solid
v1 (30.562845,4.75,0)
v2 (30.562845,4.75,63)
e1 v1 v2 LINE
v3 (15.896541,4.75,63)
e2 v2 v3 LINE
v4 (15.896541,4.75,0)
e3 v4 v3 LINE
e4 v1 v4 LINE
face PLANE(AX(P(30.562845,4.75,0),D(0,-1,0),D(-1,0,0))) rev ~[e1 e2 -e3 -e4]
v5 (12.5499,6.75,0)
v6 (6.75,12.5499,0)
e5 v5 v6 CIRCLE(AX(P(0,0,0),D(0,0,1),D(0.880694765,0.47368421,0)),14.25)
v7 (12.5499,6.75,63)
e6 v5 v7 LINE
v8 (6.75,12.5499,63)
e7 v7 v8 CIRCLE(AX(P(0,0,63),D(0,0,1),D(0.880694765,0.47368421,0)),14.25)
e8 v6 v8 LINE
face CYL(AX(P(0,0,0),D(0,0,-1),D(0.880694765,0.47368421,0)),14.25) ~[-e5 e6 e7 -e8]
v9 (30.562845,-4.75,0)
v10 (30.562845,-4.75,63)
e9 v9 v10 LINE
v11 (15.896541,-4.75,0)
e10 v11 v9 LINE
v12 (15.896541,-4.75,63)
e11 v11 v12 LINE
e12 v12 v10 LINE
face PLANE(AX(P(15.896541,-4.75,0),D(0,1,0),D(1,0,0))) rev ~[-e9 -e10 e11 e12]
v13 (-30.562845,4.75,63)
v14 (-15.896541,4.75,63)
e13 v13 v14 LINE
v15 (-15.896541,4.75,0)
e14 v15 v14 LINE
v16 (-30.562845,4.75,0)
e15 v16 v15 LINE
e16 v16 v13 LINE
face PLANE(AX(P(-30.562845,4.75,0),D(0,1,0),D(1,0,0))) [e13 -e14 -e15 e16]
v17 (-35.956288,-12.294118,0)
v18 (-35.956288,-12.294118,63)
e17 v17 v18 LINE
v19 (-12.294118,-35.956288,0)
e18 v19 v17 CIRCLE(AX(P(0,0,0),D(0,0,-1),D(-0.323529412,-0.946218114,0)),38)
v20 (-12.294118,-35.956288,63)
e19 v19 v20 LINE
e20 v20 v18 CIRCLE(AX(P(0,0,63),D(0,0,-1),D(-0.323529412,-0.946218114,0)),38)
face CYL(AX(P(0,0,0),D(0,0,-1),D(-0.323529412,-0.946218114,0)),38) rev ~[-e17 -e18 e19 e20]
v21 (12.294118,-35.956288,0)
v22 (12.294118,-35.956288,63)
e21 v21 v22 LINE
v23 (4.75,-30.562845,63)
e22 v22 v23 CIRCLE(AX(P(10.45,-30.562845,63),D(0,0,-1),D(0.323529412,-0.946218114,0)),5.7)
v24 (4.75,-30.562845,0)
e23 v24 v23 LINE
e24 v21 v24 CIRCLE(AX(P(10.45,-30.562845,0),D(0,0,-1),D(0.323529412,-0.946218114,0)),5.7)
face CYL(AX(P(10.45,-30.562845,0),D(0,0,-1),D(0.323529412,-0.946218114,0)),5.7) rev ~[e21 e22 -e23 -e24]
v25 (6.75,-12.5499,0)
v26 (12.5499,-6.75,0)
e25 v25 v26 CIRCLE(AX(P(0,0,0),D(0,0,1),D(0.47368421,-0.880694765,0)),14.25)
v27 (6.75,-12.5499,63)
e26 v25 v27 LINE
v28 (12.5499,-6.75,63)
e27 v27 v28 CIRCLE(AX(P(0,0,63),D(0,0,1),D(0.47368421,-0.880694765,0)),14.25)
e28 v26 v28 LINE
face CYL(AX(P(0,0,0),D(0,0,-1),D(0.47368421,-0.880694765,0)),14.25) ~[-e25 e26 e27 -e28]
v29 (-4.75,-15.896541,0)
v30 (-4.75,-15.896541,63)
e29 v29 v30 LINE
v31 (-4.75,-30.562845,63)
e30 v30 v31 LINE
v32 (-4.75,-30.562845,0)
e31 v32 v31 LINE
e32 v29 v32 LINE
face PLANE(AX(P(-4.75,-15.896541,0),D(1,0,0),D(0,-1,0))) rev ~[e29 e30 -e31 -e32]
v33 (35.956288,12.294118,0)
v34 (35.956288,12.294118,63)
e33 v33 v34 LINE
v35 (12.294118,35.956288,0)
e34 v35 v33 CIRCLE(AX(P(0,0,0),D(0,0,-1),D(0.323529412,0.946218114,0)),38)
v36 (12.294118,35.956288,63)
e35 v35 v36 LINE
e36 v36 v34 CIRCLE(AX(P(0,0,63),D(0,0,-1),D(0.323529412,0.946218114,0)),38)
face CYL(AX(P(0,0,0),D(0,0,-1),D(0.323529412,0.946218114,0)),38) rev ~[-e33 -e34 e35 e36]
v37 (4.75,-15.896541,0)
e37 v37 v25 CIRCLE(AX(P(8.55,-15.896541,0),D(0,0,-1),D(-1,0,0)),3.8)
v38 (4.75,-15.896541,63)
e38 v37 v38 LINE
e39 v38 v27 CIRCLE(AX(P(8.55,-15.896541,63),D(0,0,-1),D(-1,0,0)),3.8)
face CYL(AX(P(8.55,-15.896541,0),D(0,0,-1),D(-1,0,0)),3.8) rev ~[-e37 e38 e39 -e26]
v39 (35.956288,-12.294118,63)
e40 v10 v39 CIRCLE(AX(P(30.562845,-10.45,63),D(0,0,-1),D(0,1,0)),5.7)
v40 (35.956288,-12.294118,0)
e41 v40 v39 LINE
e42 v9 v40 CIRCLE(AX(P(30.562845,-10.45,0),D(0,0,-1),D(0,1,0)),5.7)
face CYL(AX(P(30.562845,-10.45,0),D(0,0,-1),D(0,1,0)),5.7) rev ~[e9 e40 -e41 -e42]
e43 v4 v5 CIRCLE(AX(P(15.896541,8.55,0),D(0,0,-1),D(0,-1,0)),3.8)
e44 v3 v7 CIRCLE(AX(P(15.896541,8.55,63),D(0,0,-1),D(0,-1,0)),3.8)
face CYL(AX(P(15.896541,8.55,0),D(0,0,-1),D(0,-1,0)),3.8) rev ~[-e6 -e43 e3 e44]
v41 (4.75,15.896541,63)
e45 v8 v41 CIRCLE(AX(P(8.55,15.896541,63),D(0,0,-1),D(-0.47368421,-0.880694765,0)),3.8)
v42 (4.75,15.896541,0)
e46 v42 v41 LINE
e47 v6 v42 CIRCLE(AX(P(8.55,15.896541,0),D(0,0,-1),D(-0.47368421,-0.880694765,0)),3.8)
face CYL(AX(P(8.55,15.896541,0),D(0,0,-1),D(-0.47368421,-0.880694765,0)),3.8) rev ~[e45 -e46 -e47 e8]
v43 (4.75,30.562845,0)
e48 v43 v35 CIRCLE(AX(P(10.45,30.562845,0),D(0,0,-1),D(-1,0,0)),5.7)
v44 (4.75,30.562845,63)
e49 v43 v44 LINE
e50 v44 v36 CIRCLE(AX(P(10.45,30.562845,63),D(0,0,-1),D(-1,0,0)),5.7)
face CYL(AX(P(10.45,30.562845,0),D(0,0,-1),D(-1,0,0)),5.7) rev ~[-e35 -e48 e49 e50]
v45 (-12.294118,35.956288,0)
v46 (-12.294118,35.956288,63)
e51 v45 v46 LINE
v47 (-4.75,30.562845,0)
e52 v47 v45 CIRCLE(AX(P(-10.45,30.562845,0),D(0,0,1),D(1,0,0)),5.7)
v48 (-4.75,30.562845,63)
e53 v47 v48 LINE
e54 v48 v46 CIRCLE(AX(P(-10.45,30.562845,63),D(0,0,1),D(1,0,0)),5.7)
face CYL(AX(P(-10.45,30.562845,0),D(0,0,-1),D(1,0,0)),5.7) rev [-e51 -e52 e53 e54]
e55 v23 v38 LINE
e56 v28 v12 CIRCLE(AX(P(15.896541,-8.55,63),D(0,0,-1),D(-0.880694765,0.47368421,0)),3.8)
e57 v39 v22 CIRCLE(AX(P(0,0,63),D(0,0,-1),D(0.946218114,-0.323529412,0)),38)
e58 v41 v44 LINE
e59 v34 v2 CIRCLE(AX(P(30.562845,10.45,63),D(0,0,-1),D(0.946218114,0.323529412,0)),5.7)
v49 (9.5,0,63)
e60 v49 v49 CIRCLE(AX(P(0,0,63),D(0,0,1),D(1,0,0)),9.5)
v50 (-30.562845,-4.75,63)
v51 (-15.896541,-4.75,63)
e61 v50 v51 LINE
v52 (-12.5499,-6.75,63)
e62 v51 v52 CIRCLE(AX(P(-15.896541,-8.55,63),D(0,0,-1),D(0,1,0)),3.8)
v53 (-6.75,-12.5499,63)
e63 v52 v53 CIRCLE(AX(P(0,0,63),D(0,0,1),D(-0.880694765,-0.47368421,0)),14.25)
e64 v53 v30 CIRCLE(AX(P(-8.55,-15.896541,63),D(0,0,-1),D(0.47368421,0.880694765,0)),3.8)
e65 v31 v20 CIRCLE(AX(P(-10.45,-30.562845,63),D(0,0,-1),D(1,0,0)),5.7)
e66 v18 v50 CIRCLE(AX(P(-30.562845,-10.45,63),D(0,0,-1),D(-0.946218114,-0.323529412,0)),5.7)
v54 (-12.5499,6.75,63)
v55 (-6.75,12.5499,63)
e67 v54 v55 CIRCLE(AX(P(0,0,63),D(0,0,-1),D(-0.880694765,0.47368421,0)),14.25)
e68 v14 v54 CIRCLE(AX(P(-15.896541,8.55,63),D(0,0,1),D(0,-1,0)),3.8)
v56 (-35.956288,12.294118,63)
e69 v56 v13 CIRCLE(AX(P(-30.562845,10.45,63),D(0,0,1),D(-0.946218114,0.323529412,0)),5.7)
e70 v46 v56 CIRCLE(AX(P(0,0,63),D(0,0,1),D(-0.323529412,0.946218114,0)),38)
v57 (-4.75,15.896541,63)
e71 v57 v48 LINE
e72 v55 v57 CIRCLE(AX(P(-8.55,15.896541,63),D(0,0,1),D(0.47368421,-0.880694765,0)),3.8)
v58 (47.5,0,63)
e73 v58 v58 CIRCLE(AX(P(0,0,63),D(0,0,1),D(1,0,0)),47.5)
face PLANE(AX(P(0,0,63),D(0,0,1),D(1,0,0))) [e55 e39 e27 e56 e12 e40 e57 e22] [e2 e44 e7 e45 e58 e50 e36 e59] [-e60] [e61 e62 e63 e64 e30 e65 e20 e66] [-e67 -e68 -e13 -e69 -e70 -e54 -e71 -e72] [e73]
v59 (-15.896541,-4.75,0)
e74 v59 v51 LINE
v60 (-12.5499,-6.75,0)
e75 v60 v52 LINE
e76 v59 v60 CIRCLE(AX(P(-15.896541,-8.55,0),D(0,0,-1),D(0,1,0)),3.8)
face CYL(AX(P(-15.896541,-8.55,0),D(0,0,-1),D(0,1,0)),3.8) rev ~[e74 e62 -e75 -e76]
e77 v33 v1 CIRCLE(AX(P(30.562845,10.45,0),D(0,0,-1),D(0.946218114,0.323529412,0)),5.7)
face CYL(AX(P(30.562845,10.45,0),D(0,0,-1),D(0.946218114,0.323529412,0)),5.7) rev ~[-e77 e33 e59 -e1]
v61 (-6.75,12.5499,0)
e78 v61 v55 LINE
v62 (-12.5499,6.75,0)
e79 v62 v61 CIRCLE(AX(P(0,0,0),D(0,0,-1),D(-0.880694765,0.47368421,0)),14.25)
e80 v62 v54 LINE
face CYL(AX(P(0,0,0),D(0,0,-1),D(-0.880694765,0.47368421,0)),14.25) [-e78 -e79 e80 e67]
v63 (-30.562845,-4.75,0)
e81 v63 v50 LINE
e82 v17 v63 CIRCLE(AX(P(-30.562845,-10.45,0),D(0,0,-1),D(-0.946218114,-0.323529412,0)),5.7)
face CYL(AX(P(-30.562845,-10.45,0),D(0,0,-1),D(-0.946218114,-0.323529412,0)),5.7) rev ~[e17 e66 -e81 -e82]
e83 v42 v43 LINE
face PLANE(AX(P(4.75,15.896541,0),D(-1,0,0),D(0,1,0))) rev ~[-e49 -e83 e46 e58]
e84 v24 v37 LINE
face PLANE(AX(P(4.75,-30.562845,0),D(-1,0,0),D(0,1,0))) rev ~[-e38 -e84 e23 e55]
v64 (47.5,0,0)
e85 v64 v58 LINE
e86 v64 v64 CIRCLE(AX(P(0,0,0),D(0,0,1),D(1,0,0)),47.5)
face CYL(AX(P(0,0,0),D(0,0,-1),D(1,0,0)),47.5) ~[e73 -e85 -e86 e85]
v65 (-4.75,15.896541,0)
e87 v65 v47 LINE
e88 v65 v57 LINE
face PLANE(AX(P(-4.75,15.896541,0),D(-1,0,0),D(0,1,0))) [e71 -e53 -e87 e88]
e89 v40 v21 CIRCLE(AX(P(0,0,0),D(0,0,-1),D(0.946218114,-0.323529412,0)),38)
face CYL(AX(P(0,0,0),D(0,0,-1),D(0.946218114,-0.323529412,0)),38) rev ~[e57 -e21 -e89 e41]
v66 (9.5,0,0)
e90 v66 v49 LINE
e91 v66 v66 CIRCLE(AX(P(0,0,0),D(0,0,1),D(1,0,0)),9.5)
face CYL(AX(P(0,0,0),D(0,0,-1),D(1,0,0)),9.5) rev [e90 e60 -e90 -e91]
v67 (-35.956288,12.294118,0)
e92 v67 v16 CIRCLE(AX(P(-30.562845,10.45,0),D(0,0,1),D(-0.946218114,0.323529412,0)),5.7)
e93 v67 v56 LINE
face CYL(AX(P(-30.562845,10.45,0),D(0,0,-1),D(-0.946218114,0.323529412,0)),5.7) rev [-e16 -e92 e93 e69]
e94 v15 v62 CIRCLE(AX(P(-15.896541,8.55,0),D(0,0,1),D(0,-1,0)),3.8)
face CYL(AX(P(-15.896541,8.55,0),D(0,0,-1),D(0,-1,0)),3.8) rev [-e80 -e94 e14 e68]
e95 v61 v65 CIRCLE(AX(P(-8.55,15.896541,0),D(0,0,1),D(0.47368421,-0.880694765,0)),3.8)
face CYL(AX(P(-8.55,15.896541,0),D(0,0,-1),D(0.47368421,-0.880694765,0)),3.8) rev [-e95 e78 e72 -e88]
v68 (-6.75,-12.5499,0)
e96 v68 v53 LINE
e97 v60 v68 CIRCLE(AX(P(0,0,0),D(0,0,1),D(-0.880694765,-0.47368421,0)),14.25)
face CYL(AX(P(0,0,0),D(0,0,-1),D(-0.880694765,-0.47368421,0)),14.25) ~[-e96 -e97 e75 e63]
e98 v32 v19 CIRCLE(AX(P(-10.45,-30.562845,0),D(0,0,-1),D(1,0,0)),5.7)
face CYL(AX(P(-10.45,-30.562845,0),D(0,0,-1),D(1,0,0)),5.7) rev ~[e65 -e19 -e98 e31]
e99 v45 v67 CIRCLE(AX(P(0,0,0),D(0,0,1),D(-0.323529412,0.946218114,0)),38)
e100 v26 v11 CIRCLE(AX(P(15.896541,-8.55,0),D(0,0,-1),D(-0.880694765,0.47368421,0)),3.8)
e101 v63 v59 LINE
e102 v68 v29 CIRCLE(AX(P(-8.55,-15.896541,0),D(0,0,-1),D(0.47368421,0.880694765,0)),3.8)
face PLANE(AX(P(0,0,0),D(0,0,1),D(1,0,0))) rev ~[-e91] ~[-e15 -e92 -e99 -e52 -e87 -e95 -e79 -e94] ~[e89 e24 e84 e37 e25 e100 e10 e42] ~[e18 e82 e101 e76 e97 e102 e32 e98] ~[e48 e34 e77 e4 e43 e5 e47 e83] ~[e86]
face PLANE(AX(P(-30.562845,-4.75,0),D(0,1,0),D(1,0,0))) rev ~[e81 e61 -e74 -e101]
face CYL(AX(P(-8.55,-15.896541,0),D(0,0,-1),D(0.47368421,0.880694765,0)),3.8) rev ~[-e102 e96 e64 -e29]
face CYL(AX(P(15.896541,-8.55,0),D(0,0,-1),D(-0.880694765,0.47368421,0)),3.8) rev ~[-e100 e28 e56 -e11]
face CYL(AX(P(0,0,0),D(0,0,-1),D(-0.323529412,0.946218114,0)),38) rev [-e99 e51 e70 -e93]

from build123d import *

# Parameters (mm, degrees)
IZIM1_R                     = 47.5
IZIM1_R_2                   = 9.5
Y_KSEKLIK_EKSTR_ZYON1_DEPTH = 63


with BuildPart() as part:
    # Çizim1 → Yükseklik-Ekstrüzyon1 (new body)
    with BuildSketch(Plane.XY):
        Circle(IZIM1_R)
        Circle(IZIM1_R_2, mode=Mode.SUBTRACT)
        with BuildLine():
            Line((30.56284509, 4.75), (15.896540504, 4.75))
            ThreePointArc((15.896540504, 4.75), (13.947181635, 5.288098714), (12.549900398, 6.75))
            ThreePointArc((12.549900398, 6.75), (10.076271632, 10.076271632), (6.75, 12.549900398))
            ThreePointArc((6.75, 12.549900398), (5.288098714, 13.947181635), (4.75, 15.896540504))
            Line((4.75, 15.896540504), (4.75, 30.56284509))
            ThreePointArc((4.75, 30.56284509), (7.134994011, 35.199733626), (12.294117647, 35.956288341))
            ThreePointArc((12.294117647, 35.956288341), (26.870057685, 26.870057685), (35.956288341, 12.294117647))
            ThreePointArc((35.956288341, 12.294117647), (35.199733626, 7.134994011), (30.56284509, 4.75))
        make_face(mode=Mode.SUBTRACT)
        with BuildLine():
            Line((-30.56284509, 4.75), (-15.896540504, 4.75))
            ThreePointArc((-15.896540504, 4.75), (-13.947181635, 5.288098714), (-12.549900398, 6.75))
            ThreePointArc((-12.549900398, 6.75), (-10.076271632, 10.076271632), (-6.75, 12.549900398))
            ThreePointArc((-6.75, 12.549900398), (-5.288098714, 13.947181635), (-4.75, 15.896540504))
            Line((-4.75, 15.896540504), (-4.75, 30.56284509))
            ThreePointArc((-4.75, 30.56284509), (-7.134994011, 35.199733626), (-12.294117647, 35.956288341))
            ThreePointArc((-12.294117647, 35.956288341), (-26.870057685, 26.870057685), (-35.956288341, 12.294117647))
            ThreePointArc((-35.956288341, 12.294117647), (-35.199733626, 7.134994011), (-30.56284509, 4.75))
        make_face(mode=Mode.SUBTRACT)
        with BuildLine():
            Line((4.75, -30.56284509), (4.75, -15.896540504))
            ThreePointArc((4.75, -15.896540504), (5.288098714, -13.947181635), (6.75, -12.549900398))
            ThreePointArc((6.75, -12.549900398), (10.076271632, -10.076271632), (12.549900398, -6.75))
            ThreePointArc((12.549900398, -6.75), (13.947181635, -5.288098714), (15.896540504, -4.75))
            Line((15.896540504, -4.75), (30.56284509, -4.75))
            ThreePointArc((30.56284509, -4.75), (35.199733626, -7.134994011), (35.956288341, -12.294117647))
            ThreePointArc((35.956288341, -12.294117647), (26.870057685, -26.870057685), (12.294117647, -35.956288341))
            ThreePointArc((12.294117647, -35.956288341), (7.134994011, -35.199733626), (4.75, -30.56284509))
        make_face(mode=Mode.SUBTRACT)
        with BuildLine():
            Line((-30.56284509, -4.75), (-15.896540504, -4.75))
            ThreePointArc((-15.896540504, -4.75), (-13.947181635, -5.288098714), (-12.549900398, -6.75))
            ThreePointArc((-12.549900398, -6.75), (-10.076271632, -10.076271632), (-6.75, -12.549900398))
            ThreePointArc((-6.75, -12.549900398), (-5.288098714, -13.947181635), (-4.75, -15.896540504))
            Line((-4.75, -15.896540504), (-4.75, -30.56284509))
            ThreePointArc((-4.75, -30.56284509), (-7.134994011, -35.199733626), (-12.294117647, -35.956288341))
            ThreePointArc((-12.294117647, -35.956288341), (-26.870057685, -26.870057685), (-35.956288341, -12.294117647))
            ThreePointArc((-35.956288341, -12.294117647), (-35.199733626, -7.134994011), (-30.56284509, -4.75))
        make_face(mode=Mode.SUBTRACT)
    extrude(amount=Y_KSEKLIK_EKSTR_ZYON1_DEPTH)


solid = part.part
